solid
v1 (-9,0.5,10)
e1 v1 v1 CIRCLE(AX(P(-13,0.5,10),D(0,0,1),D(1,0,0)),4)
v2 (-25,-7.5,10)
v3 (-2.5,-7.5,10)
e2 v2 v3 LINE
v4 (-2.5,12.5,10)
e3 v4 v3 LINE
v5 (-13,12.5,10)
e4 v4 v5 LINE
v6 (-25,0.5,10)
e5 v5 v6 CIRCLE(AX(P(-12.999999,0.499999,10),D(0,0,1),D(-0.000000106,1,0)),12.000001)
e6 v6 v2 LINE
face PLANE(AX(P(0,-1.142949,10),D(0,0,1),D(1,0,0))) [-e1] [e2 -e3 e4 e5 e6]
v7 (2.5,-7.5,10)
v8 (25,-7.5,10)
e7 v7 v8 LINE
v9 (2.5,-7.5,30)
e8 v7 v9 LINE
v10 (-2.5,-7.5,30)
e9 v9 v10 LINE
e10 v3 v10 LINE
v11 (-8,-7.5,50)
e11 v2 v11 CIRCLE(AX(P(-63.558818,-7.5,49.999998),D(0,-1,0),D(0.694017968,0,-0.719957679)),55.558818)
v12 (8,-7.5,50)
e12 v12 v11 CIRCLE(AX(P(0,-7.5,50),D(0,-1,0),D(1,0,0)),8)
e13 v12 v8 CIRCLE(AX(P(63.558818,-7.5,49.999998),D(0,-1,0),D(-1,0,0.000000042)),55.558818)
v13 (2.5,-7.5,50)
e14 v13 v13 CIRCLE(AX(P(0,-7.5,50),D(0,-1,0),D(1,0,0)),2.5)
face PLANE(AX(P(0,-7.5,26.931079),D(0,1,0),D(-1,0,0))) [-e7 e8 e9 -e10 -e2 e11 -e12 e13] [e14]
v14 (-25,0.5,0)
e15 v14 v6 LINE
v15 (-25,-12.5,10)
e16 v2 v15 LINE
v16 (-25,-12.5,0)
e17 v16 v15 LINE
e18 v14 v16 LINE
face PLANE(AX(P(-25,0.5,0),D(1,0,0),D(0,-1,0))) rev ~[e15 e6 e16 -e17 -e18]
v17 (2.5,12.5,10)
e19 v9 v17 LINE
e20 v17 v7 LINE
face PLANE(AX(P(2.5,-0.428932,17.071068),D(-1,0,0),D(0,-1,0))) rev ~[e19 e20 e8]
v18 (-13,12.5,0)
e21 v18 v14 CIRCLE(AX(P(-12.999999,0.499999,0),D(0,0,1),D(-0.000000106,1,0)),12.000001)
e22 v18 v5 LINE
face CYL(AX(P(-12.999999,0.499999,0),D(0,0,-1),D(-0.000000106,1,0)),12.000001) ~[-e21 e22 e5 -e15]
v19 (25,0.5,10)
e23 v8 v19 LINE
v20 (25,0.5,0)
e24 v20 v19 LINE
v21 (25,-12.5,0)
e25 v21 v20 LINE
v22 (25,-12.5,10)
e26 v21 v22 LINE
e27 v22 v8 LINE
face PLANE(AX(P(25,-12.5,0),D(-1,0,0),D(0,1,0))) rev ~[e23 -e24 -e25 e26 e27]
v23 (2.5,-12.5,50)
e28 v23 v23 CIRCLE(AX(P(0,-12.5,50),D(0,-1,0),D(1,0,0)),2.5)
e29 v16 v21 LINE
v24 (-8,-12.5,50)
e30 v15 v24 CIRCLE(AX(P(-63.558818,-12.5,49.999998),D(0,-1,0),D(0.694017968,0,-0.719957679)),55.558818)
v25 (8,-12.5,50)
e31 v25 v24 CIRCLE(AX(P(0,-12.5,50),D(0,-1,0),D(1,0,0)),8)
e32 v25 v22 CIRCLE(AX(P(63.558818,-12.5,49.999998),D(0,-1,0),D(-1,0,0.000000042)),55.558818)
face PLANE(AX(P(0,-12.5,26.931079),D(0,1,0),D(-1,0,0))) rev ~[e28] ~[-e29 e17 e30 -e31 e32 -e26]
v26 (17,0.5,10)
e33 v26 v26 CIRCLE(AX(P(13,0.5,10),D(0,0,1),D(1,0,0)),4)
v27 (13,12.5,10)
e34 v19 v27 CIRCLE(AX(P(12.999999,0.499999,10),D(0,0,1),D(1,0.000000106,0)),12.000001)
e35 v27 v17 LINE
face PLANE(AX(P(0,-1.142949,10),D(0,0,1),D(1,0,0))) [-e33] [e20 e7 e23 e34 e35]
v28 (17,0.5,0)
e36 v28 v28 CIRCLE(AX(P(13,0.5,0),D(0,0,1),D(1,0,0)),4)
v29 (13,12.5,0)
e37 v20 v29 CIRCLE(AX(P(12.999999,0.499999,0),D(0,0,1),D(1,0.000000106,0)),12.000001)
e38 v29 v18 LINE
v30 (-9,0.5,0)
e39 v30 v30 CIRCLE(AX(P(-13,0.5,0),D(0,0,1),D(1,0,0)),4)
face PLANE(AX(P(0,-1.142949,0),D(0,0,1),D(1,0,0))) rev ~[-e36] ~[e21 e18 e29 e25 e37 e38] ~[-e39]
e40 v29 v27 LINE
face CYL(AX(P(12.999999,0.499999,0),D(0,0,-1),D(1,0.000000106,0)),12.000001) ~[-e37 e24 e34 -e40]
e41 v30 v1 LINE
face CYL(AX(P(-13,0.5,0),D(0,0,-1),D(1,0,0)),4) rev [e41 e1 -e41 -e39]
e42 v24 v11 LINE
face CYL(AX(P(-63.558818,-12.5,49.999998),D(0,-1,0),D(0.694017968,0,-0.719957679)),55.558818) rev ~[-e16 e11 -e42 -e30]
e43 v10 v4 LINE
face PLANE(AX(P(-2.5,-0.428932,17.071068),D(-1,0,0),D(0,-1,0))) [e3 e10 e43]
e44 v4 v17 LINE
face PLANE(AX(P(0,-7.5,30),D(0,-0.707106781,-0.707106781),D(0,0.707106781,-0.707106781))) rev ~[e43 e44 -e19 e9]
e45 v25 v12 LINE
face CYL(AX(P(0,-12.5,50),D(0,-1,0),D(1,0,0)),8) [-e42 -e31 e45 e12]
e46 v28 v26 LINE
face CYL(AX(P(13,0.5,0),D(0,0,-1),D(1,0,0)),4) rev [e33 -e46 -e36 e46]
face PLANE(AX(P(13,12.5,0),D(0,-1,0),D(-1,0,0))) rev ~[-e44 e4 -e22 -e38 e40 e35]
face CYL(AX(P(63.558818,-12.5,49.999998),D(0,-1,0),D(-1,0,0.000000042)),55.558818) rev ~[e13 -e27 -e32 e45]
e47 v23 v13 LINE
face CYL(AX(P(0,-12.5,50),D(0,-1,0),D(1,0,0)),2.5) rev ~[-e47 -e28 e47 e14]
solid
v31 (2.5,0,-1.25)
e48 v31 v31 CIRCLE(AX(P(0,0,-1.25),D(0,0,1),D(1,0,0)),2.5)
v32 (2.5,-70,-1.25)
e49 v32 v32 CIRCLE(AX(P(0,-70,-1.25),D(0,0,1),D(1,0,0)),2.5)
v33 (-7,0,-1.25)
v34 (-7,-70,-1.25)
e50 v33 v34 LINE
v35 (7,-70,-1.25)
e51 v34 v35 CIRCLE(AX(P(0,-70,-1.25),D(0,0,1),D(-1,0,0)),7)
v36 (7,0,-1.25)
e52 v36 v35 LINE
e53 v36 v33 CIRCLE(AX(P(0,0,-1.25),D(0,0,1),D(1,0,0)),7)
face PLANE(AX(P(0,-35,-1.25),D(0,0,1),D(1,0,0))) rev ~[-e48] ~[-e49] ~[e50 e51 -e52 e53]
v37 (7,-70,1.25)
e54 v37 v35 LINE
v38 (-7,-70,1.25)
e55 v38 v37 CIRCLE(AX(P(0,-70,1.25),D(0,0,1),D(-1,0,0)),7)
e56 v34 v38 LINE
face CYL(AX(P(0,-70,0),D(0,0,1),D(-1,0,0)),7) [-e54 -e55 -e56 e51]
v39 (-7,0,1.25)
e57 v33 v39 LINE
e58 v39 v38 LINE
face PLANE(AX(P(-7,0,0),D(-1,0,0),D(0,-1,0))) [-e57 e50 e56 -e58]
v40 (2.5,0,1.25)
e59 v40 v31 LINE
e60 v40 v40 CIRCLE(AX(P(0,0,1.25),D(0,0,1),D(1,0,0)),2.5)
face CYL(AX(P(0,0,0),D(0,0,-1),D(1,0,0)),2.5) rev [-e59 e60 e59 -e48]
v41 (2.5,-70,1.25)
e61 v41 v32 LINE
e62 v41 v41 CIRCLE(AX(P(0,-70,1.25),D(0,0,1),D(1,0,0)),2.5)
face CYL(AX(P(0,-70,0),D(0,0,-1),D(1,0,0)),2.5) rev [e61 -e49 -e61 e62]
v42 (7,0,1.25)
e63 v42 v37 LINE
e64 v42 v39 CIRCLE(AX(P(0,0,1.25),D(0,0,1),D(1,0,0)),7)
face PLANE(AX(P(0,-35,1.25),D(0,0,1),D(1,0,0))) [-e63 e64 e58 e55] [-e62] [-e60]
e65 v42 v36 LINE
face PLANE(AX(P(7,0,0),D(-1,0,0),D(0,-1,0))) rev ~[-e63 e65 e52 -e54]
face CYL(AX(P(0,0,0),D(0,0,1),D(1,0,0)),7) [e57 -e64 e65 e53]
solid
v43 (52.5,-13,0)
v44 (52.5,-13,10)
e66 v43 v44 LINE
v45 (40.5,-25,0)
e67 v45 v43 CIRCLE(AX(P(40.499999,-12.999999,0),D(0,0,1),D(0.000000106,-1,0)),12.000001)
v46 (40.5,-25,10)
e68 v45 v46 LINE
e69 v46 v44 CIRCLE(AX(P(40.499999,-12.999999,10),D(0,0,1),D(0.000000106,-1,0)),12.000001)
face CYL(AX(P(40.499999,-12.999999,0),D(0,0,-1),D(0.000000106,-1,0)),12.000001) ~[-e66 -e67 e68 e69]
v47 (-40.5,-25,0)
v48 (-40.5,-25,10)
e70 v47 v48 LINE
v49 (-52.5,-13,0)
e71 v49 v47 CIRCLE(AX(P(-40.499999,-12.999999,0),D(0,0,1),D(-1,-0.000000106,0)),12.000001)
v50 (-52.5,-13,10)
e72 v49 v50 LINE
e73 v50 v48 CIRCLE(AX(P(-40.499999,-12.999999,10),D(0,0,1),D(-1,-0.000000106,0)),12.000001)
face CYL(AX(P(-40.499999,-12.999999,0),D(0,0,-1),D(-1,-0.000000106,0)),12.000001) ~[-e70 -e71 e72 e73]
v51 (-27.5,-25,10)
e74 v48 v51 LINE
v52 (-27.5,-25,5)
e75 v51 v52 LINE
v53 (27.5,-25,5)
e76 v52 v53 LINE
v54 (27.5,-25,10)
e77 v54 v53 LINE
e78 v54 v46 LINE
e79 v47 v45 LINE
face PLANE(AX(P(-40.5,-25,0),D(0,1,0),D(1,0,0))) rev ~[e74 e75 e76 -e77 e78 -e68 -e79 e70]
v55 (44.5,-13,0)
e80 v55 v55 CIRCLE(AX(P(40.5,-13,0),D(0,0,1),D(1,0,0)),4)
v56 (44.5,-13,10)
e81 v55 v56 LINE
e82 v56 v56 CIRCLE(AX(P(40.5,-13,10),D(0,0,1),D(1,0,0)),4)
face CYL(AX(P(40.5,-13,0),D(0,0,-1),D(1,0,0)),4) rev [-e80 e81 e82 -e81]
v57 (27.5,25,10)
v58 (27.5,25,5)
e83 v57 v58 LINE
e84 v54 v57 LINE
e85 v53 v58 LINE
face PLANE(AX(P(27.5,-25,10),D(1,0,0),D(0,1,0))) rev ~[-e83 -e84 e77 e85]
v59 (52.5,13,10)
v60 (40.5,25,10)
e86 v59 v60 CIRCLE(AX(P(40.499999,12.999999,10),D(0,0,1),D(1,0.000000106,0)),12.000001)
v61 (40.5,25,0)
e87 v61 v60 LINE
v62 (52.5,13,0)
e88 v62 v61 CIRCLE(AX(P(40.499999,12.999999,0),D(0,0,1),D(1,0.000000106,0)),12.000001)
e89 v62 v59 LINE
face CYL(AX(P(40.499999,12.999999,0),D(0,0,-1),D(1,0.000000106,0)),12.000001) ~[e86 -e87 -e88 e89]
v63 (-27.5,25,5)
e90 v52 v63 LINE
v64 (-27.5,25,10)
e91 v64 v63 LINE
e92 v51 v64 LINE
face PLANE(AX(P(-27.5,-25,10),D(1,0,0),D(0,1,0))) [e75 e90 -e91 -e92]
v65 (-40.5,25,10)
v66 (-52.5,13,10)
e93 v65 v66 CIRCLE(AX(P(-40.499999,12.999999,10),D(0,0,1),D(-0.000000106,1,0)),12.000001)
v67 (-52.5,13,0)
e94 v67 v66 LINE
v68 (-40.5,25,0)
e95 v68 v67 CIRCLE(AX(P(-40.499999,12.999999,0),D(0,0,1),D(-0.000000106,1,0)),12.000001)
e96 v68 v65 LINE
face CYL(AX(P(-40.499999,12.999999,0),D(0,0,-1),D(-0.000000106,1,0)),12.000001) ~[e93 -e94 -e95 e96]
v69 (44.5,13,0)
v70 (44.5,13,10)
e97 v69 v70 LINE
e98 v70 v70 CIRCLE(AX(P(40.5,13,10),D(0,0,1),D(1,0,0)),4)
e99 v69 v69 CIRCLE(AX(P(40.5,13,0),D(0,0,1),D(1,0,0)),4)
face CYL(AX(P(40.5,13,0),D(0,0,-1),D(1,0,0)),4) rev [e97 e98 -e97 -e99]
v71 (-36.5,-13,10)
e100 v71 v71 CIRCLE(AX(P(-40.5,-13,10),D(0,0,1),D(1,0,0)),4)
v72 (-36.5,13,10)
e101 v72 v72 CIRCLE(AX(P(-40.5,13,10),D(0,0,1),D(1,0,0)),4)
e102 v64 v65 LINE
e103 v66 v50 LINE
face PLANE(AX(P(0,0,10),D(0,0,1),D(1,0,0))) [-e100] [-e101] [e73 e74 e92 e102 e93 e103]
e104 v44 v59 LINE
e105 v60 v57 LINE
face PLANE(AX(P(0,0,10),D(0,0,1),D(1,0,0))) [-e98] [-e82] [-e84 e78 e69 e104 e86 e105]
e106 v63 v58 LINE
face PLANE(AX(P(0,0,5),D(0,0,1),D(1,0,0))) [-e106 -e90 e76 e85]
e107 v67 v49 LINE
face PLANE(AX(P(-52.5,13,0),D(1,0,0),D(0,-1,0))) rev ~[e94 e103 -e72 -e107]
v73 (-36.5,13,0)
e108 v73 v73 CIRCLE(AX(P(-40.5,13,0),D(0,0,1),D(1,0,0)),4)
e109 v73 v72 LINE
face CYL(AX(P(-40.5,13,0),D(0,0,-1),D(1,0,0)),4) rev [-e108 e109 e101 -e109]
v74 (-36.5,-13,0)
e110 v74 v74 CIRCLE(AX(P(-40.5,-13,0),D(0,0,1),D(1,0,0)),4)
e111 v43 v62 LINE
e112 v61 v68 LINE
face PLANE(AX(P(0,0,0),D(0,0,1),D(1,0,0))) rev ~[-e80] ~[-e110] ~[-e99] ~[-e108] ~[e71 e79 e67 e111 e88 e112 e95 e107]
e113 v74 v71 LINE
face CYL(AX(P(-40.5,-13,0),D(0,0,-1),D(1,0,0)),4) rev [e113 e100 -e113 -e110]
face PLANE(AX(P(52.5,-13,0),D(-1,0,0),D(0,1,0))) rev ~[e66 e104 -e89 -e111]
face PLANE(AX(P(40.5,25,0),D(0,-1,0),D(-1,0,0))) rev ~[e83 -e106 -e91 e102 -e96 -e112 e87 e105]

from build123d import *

# Parameters (mm, degrees)
SKETCH_R     = 4
PAD_DEPTH    = 10
SKETCH001_W  = 55
SKETCH001_H  = 50
POCKET_DEPTH = 5
SKETCH002_R  = 4
PAD001_DEPTH = 10
SKETCH004_R  = 2.5
PAD002_DEPTH = 5
PAD004_DEPTH = 2.5
SKETCH009_R  = 2.5
PAD005_DEPTH = 1.25


with BuildPart() as base:
    # Sketch → Pad (new body)
    with BuildSketch(Plane.XY):
        with BuildLine():
            Line((-52.5, 13), (-52.5, -13))
            ThreePointArc((-52.5, -13), (-48.985281, -21.485281), (-40.5, -25))
            Line((-40.5, -25), (40.5, -25))
            ThreePointArc((40.5, -25), (48.985281, -21.485281), (52.5, -13))
            Line((52.5, -13), (52.5, 13))
            ThreePointArc((52.5, 13), (48.985281, 21.485281), (40.5, 25))
            Line((40.5, 25), (-40.5, 25))
            ThreePointArc((-40.5, 25), (-48.985281, 21.485281), (-52.5, 13))
        make_face()
        with Locations((-40.5, 13)):
            Circle(SKETCH_R, mode=Mode.SUBTRACT)
        with Locations((40.5, 13)):
            Circle(SKETCH_R, mode=Mode.SUBTRACT)
        with Locations((40.5, -13)):
            Circle(SKETCH_R, mode=Mode.SUBTRACT)
        with Locations((-40.5, -13)):
            Circle(SKETCH_R, mode=Mode.SUBTRACT)
    extrude(amount=PAD_DEPTH)

    # Sketch001 (on Face14 of Pad) → Pocket (cut)
    with BuildSketch(Plane.XY.offset(10)):
        Rectangle(SKETCH001_W, SKETCH001_H)
    extrude(amount=-POCKET_DEPTH, mode=Mode.SUBTRACT)


with BuildPart() as bracket:
    # Sketch002 → Pad001 (new body)
    with BuildSketch(Plane.XY):
        with BuildLine():
            Line((-25, -12.5), (25, -12.5))
            Line((25, -12.5), (25, 0.5))
            ThreePointArc((25, 0.5), (21.485281, 8.985281), (13, 12.5))
            Line((13, 12.5), (-13, 12.5))
            ThreePointArc((-13, 12.5), (-21.485281, 8.985281), (-25, 0.5))
            Line((-25, 0.5), (-25, -12.5))
        make_face()
        with Locations((13, 0.5)):
            Circle(SKETCH002_R, mode=Mode.SUBTRACT)
        with Locations((-13, 0.5)):
            Circle(SKETCH002_R, mode=Mode.SUBTRACT)
    extrude(amount=PAD001_DEPTH)

    # Sketch004 (on Face1 of Pad001) → Pad002 (join)
    with BuildSketch(Plane.XZ.offset(12.5)):
        with BuildLine():
            ThreePointArc((-25, 10), (-12.42632, 28.268686), (-8, 50))
            ThreePointArc((8, 50), (0, 58), (-8, 50))
            ThreePointArc((8, 50), (12.42632, 28.268686), (25, 10))
            Line((-25, 10), (25, 10))
        make_face()
        with Locations((0, 50)):
            Circle(SKETCH004_R, mode=Mode.SUBTRACT)
    extrude(amount=-PAD002_DEPTH)

    # Sketch008 → Pad004 (join, symmetric)
    with BuildSketch(Plane.YZ):
        Polygon((-7.5, 10), (-7.5, 30), (12.5, 10), align=None)
    extrude(amount=PAD004_DEPTH, both=True)


with BuildPart() as links:
    # Sketch009 → Pad005 (new body, symmetric)
    with BuildSketch(Plane.XY):
        with BuildLine():
            ThreePointArc((7, 0), (0, 7), (-7, 0))
            Line((-7, 0), (-7, -70))
            ThreePointArc((-7, -70), (0, -77), (7, -70))
            Line((7, 0), (7, -70))
        make_face()
        Circle(SKETCH009_R, mode=Mode.SUBTRACT)
        with Locations((0, -70)):
            Circle(SKETCH009_R, mode=Mode.SUBTRACT)
    extrude(amount=PAD005_DEPTH, both=True)


solid = Compound([base.part, bracket.part, links.part])
